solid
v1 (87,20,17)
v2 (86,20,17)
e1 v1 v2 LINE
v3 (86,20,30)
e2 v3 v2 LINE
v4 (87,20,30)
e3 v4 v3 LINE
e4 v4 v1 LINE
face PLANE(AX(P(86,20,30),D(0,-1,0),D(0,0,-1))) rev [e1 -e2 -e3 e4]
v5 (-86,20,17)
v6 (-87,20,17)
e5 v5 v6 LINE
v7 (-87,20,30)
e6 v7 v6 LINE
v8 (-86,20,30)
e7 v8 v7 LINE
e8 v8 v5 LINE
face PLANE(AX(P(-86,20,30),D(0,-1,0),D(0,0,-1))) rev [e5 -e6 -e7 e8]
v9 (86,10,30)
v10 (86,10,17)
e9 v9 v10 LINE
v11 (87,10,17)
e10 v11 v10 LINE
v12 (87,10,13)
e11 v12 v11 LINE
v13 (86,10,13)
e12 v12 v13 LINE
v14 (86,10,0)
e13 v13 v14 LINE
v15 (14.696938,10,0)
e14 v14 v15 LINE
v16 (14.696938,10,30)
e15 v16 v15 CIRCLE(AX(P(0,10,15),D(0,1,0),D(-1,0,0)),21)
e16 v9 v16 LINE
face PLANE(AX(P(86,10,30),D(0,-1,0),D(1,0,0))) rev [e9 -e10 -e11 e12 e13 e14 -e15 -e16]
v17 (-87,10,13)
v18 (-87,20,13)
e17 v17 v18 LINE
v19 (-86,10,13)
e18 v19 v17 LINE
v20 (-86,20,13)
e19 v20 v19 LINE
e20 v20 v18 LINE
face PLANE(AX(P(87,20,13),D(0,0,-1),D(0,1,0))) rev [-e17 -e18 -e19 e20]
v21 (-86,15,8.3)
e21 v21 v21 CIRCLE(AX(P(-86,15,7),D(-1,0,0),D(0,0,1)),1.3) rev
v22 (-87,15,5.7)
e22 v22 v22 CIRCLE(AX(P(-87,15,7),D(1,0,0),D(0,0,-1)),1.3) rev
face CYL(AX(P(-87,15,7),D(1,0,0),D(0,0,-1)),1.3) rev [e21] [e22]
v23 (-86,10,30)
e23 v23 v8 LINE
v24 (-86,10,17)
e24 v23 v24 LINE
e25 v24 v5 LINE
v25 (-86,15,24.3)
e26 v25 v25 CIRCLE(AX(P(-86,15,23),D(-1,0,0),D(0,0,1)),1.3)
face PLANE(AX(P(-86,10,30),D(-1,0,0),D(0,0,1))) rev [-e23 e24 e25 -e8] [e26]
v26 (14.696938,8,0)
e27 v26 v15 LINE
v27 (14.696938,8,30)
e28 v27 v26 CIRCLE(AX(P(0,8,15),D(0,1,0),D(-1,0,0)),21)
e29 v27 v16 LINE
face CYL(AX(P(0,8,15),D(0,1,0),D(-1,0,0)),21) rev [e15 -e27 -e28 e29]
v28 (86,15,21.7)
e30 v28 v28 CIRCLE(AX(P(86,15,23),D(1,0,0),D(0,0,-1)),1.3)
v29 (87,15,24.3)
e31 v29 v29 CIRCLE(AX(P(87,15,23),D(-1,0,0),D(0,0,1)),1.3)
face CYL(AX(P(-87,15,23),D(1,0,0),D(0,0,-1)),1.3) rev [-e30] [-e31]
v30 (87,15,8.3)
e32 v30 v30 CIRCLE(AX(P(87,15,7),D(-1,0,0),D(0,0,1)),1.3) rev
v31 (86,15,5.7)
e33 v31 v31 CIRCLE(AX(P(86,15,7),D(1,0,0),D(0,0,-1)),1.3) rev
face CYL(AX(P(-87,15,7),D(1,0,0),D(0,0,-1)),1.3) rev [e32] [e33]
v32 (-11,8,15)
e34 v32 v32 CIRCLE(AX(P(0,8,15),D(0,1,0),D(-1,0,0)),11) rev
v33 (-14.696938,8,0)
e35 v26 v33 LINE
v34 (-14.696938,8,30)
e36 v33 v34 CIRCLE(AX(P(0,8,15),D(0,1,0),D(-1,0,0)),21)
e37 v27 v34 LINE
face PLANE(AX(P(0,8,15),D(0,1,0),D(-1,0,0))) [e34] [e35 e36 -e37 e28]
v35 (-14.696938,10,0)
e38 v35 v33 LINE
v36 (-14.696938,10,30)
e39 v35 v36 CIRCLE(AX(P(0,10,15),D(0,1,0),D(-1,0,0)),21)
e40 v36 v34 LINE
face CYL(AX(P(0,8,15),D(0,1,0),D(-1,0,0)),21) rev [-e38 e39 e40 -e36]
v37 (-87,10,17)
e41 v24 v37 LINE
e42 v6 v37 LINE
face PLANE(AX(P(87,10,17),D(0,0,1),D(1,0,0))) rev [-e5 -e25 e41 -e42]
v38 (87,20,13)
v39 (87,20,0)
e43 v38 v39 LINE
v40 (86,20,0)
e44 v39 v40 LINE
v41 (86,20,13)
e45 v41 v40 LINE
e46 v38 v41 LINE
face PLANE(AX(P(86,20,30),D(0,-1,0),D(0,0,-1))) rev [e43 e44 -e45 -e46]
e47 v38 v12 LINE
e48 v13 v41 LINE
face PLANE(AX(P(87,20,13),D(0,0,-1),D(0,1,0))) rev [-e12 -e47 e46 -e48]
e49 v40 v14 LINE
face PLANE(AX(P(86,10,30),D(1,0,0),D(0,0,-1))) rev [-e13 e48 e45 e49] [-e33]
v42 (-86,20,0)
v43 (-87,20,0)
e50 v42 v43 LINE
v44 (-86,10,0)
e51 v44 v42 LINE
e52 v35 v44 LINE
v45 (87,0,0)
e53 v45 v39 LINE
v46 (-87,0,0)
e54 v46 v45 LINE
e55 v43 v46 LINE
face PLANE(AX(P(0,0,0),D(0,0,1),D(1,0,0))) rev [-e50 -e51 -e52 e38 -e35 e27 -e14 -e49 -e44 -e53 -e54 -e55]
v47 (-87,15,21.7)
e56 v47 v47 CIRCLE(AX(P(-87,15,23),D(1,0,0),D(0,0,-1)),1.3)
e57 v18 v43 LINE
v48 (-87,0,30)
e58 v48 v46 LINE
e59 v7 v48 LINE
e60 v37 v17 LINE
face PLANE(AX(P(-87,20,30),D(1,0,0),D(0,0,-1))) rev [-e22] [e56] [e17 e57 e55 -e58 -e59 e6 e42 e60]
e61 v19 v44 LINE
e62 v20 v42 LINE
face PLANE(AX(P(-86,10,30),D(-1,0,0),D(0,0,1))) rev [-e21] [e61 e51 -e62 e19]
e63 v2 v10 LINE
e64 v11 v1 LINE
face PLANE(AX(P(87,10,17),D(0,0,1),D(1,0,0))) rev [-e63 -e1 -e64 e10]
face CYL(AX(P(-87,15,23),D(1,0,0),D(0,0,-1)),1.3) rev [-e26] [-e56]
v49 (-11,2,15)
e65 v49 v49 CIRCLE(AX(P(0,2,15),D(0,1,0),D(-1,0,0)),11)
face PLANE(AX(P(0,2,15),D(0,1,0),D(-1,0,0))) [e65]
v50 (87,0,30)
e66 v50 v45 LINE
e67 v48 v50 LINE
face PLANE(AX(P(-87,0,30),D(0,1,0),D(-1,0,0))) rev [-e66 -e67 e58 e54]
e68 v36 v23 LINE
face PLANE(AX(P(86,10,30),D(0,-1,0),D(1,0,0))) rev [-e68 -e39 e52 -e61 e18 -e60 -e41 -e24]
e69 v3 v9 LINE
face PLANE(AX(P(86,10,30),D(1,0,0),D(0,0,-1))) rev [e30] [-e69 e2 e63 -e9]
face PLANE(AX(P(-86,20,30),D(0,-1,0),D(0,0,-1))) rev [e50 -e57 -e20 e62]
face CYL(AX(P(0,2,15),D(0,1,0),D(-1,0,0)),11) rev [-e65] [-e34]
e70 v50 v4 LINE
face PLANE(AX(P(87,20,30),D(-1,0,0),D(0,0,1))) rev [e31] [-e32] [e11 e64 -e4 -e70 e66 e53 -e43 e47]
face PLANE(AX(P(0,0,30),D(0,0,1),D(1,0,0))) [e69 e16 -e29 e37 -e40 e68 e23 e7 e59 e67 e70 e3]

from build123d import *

# Parameters (mm, degrees)
BOSS_EXTRUDE1_DEPTH     = 30
SKETCH2_R               = 11
CUT_EXTRUDE1_DEPTH      = 8
SKETCH3_R               = 1.3
CUT_EXTRUDE2_DEPTH      = 1
CUT_EXTRUDE2_DEPTH_BACK = 175
SKETCH4_W               = 4
SKETCH4_H               = 10
CUT_EXTRUDE3_DEPTH      = 1
CUT_EXTRUDE3_DEPTH_BACK = 175
SKETCH5_R               = 21
CUT_EXTRUDE4_DEPTH      = 2


with BuildPart() as part:
    # Sketch1 → Boss-Extrude1 (new body)
    with BuildSketch(Plane.XY):
        Polygon((-87, 20), (-87, 0), (87, 0), (87, 20), (86, 20), (86, 10), (-86, 10), (-86, 20), align=None)
    extrude(amount=BOSS_EXTRUDE1_DEPTH)

    # Sketch2 → Cut-Extrude1 (cut)
    with BuildSketch(Plane(origin=(0, 10, 0), x_dir=(1, 0, 0), z_dir=(0, 1, 0))):
        with Locations((0, -15)):
            Circle(SKETCH2_R)
    extrude(amount=-CUT_EXTRUDE1_DEPTH, mode=Mode.SUBTRACT)

    # Sketch3 → Cut-Extrude2 (cut, two sides)
    with BuildSketch(Plane(origin=(87, 0, 0), x_dir=(0, 0, -1), z_dir=(1, 0, 0))) as cut_extrude2_sk:
        with Locations((-23, 15)):
            Circle(SKETCH3_R)
        with Locations((-7, 15)):
            Circle(SKETCH3_R)
    extrude(amount=CUT_EXTRUDE2_DEPTH, mode=Mode.SUBTRACT)
    extrude(cut_extrude2_sk.sketch, amount=-CUT_EXTRUDE2_DEPTH_BACK, mode=Mode.SUBTRACT)

    # Sketch4 → Cut-Extrude3 (cut, two sides)
    with BuildSketch(Plane.ZY.offset(87)) as cut_extrude3_sk:
        with Locations((15, 15)):
            Rectangle(SKETCH4_W, SKETCH4_H)
    extrude(amount=CUT_EXTRUDE3_DEPTH, mode=Mode.SUBTRACT)
    extrude(cut_extrude3_sk.sketch, amount=-CUT_EXTRUDE3_DEPTH_BACK, mode=Mode.SUBTRACT)

    # Sketch5 → Cut-Extrude4 (cut)
    with BuildSketch(Plane(origin=(0, 10, 0), x_dir=(1, 0, 0), z_dir=(0, 1, 0))):
        with Locations((0, -15)):
            Circle(SKETCH5_R)
    extrude(amount=-CUT_EXTRUDE4_DEPTH, mode=Mode.SUBTRACT)


solid = part.part
